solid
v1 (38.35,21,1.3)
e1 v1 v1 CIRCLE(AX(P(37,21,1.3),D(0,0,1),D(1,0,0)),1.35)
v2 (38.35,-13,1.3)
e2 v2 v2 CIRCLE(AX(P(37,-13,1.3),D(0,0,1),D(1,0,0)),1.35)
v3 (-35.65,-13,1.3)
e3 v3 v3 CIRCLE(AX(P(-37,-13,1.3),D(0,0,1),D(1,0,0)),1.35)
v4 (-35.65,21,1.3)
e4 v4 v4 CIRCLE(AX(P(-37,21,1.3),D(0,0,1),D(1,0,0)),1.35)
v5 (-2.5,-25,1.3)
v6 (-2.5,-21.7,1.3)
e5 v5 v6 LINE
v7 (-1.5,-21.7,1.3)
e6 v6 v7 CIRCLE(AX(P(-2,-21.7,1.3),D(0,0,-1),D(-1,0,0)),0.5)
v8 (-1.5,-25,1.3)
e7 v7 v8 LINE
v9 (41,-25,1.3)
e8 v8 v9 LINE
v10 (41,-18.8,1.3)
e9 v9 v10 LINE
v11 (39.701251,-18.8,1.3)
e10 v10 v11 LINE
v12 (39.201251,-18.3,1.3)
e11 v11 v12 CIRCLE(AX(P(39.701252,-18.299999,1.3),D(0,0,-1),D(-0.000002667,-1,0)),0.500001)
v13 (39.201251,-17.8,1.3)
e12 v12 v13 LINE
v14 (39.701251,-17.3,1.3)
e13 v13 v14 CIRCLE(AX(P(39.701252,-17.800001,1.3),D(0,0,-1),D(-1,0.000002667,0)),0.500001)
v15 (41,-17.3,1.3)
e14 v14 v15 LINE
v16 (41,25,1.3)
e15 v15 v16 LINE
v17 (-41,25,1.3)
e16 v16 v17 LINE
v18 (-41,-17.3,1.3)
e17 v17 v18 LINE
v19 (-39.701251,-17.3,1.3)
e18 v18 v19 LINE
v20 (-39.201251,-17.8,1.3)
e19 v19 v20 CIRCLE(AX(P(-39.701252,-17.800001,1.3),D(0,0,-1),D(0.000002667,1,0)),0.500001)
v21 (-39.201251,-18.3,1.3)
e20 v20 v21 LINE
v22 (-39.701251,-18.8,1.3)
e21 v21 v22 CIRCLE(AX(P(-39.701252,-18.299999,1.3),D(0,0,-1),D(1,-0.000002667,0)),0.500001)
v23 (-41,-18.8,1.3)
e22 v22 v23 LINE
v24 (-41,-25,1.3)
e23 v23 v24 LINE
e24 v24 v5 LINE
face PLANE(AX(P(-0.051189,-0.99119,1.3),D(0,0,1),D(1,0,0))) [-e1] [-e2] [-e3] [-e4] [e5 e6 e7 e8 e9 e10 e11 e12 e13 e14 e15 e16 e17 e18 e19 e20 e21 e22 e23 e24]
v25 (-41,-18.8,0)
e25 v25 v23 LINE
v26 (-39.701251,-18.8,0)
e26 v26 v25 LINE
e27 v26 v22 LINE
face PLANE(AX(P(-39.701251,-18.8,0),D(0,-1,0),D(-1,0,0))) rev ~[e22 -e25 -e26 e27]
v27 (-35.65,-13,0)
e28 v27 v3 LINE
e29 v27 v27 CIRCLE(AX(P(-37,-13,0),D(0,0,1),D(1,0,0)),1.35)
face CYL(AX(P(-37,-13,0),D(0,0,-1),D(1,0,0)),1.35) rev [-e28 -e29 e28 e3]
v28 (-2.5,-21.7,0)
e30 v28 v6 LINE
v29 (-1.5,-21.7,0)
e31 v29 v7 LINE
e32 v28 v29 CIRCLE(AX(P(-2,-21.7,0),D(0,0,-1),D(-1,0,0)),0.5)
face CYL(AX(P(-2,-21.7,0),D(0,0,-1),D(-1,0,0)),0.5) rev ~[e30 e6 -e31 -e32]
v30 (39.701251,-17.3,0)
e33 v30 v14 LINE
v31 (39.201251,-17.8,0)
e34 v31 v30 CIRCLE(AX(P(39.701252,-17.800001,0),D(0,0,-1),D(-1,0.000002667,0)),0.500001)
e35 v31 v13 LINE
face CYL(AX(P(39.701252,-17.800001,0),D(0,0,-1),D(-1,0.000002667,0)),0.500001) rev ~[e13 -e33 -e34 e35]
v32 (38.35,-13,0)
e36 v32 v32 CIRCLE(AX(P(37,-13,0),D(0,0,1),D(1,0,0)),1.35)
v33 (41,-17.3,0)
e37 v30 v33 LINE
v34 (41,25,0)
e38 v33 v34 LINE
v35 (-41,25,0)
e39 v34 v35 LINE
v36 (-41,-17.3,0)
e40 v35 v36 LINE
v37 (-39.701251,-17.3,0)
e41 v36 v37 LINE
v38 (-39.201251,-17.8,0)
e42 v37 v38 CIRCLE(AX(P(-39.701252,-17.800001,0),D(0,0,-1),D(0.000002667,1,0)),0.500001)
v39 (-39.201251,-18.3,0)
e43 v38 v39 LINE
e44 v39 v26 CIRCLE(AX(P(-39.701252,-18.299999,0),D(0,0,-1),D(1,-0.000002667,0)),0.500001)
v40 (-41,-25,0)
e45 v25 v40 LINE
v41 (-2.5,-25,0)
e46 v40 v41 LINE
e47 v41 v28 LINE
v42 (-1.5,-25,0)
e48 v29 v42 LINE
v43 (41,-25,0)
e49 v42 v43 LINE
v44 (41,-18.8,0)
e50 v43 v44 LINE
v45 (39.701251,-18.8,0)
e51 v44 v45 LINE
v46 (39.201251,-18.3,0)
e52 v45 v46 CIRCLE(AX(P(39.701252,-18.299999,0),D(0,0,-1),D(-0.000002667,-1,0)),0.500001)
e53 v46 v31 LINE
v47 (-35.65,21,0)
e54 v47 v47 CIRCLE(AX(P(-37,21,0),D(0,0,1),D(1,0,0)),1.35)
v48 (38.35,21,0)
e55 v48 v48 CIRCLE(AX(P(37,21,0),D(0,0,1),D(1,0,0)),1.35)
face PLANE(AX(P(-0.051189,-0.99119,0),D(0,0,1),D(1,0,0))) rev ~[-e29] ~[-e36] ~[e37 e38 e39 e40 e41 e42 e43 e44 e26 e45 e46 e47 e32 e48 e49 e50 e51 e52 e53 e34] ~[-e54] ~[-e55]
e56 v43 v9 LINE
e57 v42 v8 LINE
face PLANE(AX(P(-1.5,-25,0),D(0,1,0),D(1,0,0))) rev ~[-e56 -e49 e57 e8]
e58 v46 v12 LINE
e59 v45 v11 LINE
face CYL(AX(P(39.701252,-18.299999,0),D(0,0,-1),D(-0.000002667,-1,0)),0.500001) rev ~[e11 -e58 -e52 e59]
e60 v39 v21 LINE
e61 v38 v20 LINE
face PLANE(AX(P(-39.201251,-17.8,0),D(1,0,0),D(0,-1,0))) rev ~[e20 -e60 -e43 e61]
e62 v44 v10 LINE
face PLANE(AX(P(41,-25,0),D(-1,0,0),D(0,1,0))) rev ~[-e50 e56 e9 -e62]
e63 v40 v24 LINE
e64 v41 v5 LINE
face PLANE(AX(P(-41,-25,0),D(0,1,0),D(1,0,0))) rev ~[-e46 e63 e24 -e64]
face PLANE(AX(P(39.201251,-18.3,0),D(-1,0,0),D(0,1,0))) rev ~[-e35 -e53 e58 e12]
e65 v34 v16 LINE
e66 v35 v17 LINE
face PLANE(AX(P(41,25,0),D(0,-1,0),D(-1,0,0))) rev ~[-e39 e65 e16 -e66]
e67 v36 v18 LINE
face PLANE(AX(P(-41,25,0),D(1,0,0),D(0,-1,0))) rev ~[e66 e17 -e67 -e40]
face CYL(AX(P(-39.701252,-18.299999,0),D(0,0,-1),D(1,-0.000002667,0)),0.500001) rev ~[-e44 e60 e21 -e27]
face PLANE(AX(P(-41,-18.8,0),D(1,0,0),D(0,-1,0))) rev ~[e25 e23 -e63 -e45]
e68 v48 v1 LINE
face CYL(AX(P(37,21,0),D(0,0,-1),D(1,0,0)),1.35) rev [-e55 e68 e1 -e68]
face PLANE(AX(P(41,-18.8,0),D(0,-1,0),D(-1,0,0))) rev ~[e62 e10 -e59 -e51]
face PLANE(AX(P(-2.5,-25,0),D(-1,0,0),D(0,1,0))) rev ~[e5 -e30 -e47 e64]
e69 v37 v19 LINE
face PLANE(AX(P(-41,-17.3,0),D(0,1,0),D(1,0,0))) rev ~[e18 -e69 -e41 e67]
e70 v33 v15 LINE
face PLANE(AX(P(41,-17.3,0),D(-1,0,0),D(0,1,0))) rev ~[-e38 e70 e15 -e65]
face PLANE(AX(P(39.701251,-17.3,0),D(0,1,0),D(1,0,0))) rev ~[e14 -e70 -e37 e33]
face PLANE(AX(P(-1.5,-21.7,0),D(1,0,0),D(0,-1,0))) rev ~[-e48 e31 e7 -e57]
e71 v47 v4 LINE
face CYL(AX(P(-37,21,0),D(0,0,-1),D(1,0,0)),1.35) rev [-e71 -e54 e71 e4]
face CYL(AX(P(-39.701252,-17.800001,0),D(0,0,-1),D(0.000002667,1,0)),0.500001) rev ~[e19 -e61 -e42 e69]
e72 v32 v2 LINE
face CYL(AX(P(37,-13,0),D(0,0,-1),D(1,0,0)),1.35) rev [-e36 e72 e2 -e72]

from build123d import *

# Parameters (mm, degrees)
F0_R     = 3
F0_R_2   = 1.35
F1_DEPTH = 1.3


with BuildPart() as f1:
    # F0 (on Top) → F1 (new body)
    with BuildSketch(Plane.XY):
        with BuildLine():
            Line((41, -17.3), (41, 25))
            Line((41, 25), (-41, 25))
            Line((-41, 25), (-41, -17.3))
            Line((-41, -17.3), (-39.701251, -17.3))
            ThreePointArc((-39.701251, -17.3), (-39.347698, -17.446447), (-39.201251, -17.8))
            Line((-39.201251, -17.8), (-39.201251, -18.3))
            ThreePointArc((-39.201251, -18.3), (-39.347698, -18.653553), (-39.701251, -18.8))
            Line((-39.701251, -18.8), (-41, -18.8))
            Line((-41, -18.8), (-41, -25))
            Line((-41, -25), (-2.5, -25))
            Line((-2.5, -25), (-2.5, -21.7))
            ThreePointArc((-2.5, -21.7), (-2, -21.2), (-1.5, -21.7))
            Line((-1.5, -21.7), (-1.5, -25))
            Line((-1.5, -25), (41, -25))
            Line((41, -25), (41, -18.8))
            Line((41, -18.8), (39.701251, -18.8))
            ThreePointArc((39.701251, -18.8), (39.347698, -18.653553), (39.201251, -18.3))
            Line((39.201251, -18.3), (39.201251, -17.8))
            ThreePointArc((39.201251, -17.8), (39.347698, -17.446447), (39.701251, -17.3))
            Line((39.701251, -17.3), (41, -17.3))
        make_face()
        with Locations((-37, -13)):
            Circle(F0_R, mode=Mode.SUBTRACT)
        with Locations((37, -13)):
            Circle(F0_R, mode=Mode.SUBTRACT)
        with Locations((-37, 21)):
            Circle(F0_R, mode=Mode.SUBTRACT)
        with Locations((37, 21)):
            Circle(F0_R, mode=Mode.SUBTRACT)
        with Locations((-37, -13)):
            Circle(F0_R)
        with Locations((-37, -13)):
            Circle(F0_R_2, mode=Mode.SUBTRACT)
        with Locations((-37, 21)):
            Circle(F0_R)
        with Locations((-37, 21)):
            Circle(F0_R_2, mode=Mode.SUBTRACT)
        with Locations((37, -13)):
            Circle(F0_R)
        with Locations((37, -13)):
            Circle(F0_R_2, mode=Mode.SUBTRACT)
        with Locations((37, 21)):
            Circle(F0_R)
        with Locations((37, 21)):
            Circle(F0_R_2, mode=Mode.SUBTRACT)
    extrude(amount=F1_DEPTH)


solid = f1.part
